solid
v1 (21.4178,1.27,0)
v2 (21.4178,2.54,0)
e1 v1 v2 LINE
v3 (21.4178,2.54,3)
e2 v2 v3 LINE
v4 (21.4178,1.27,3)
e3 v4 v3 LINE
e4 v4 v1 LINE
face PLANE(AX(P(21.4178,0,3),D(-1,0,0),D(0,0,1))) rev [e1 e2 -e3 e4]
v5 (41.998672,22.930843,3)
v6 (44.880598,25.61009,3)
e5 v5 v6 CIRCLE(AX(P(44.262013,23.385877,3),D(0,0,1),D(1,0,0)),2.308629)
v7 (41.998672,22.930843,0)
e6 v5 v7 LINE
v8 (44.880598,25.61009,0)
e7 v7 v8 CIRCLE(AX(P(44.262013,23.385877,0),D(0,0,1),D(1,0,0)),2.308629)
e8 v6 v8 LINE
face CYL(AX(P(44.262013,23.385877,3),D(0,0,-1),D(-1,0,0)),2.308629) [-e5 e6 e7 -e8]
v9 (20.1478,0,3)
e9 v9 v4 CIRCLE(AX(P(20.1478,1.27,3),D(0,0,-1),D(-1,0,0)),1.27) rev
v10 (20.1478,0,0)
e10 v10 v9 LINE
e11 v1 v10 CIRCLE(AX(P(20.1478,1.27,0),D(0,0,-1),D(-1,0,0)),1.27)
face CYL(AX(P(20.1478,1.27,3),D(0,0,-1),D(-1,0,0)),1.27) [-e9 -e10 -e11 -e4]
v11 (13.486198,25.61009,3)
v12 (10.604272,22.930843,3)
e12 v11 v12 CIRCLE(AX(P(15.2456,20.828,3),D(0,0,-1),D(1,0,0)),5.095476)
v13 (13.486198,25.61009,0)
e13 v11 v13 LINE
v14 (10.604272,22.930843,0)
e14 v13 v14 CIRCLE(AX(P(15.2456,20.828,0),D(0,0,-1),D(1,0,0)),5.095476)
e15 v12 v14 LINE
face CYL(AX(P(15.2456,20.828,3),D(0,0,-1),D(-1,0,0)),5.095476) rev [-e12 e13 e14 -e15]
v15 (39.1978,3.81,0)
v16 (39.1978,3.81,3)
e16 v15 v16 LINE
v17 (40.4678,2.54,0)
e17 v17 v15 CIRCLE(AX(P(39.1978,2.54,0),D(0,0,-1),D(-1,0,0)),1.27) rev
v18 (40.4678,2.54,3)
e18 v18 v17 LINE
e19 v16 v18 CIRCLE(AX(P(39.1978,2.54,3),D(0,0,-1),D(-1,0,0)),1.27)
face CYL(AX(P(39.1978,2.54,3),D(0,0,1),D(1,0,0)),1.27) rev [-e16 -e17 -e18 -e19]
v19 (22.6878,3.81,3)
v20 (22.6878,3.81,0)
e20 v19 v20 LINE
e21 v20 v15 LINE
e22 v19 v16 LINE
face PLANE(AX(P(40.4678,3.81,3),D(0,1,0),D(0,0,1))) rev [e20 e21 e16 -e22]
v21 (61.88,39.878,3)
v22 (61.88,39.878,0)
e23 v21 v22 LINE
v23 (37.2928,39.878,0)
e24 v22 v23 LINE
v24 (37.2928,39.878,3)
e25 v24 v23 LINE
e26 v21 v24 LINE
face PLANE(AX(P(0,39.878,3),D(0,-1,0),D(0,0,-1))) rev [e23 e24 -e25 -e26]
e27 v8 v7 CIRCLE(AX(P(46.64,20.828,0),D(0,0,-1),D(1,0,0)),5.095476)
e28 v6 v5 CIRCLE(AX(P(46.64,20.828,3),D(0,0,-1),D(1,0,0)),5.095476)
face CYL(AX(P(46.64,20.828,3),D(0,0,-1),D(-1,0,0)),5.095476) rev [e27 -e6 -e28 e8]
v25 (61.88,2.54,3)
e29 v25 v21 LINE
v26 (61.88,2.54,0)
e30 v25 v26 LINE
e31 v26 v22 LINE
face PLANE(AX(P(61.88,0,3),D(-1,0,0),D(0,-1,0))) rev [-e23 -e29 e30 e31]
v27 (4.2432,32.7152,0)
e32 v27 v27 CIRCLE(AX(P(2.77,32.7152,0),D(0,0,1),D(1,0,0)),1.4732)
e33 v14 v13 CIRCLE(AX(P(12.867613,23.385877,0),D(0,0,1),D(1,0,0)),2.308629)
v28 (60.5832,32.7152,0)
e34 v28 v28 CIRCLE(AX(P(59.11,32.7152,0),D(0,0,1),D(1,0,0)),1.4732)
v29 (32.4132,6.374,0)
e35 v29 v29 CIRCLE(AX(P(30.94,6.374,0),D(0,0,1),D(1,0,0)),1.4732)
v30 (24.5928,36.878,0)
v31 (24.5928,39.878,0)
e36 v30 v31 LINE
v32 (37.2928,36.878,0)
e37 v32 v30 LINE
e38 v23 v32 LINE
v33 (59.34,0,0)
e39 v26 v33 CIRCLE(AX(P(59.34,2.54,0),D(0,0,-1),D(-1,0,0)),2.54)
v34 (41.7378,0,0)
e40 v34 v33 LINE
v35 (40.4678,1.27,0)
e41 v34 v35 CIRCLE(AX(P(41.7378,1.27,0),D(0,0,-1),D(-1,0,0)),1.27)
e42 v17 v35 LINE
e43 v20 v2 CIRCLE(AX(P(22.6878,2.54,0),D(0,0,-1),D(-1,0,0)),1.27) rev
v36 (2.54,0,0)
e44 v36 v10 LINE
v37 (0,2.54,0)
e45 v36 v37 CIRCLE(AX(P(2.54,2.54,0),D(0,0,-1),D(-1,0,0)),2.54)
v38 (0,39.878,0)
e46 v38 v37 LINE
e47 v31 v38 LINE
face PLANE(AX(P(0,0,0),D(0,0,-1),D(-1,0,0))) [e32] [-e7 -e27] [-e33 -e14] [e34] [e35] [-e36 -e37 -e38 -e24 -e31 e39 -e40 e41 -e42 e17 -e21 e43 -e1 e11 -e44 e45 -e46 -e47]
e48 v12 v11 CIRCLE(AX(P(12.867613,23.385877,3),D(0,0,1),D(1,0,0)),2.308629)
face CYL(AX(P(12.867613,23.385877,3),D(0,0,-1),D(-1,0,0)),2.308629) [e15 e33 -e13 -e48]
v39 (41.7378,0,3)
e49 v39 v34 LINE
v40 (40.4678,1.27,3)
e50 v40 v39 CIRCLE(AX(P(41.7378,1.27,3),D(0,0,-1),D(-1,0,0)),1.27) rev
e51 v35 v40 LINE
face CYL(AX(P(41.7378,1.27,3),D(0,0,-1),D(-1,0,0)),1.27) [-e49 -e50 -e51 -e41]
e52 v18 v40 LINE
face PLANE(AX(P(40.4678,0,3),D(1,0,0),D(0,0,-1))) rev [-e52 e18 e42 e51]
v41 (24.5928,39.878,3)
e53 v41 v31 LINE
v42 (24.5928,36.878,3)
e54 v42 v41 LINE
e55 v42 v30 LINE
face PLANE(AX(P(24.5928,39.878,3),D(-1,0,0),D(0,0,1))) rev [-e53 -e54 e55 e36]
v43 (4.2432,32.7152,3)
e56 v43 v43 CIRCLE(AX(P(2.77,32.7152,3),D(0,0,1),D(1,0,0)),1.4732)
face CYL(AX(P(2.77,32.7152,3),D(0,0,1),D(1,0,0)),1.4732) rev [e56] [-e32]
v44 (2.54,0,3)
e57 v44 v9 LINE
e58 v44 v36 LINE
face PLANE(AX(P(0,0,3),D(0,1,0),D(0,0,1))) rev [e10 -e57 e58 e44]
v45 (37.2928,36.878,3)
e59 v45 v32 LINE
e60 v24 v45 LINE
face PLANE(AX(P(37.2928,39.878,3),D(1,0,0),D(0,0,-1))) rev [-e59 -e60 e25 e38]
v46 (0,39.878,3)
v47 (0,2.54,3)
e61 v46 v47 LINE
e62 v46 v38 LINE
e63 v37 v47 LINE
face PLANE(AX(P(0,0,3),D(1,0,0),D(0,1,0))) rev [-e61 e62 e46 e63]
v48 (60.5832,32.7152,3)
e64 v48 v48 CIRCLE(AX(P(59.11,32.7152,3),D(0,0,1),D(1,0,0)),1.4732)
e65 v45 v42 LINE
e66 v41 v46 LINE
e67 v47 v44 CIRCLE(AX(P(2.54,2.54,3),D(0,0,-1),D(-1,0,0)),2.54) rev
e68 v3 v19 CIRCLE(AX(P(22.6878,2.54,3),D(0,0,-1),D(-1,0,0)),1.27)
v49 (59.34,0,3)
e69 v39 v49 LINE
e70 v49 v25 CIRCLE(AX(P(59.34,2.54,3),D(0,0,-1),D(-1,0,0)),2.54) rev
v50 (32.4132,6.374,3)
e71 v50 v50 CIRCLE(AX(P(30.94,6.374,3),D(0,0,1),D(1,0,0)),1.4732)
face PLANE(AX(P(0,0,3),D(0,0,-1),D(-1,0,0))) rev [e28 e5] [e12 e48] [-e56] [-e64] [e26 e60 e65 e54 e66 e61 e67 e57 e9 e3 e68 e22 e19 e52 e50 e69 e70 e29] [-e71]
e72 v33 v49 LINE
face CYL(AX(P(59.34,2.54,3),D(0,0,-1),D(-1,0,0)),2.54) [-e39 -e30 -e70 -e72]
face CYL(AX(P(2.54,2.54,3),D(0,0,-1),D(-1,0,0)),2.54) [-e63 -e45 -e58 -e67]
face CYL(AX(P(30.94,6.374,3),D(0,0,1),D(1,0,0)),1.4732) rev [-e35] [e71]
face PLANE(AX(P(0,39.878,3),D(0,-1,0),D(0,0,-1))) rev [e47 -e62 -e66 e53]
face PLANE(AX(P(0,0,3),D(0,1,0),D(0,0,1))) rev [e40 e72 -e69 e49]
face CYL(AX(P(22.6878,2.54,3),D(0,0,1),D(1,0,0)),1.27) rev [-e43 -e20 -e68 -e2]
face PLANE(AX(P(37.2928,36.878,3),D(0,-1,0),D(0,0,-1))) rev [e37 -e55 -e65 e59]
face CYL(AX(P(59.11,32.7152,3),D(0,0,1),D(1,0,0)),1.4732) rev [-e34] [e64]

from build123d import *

# Parameters (mm, degrees)
SKETCH1_W                   = 61.88
SKETCH1_H                   = 39.878
BOSS_EXTRUDE1_DEPTH         = 3
F_32_0_116_DIAMETER_HOLE1_D = 2.9464
FILLET1_R                   = 2.54
SKETCH6_W                   = 12.7
SKETCH6_H                   = 3
CUT_EXTRUDE1_DEPTH          = 3
SKETCH7_W                   = 19.05
SKETCH7_H                   = 3.81
CUT_EXTRUDE2_DEPTH          = 74.67760368
FILLET2_R                   = 1.27
CUT_EXTRUDE4_DEPTH          = 3


with BuildPart() as part:
    # Sketch1 → Boss-Extrude1 (new body)
    with BuildSketch(Plane.XY):
        with Locations((30.94, 19.939)):
            Rectangle(SKETCH1_W, SKETCH1_H)
    extrude(amount=BOSS_EXTRUDE1_DEPTH)

    # #32 (0.116) Diameter Hole1 (through all)
    with Locations(Plane.XY.offset(3)):
        with Locations((30.94, 6.373999952), (59.11, 32.7152), (2.77, 32.7152)):
            Hole(F_32_0_116_DIAMETER_HOLE1_D / 2)

    # Fillet1
    fillet1_edges = [part.edges().sort_by_distance(p)[0] for p in [
        (61.88, 0, 1.5),
        (0, 0, 1.5),
    ]]
    fillet(fillet1_edges, radius=FILLET1_R)

    # Sketch6 → Cut-Extrude1 (cut)
    with BuildSketch(Plane(origin=(0, 0, 0), x_dir=(-1, 0, 0), z_dir=(0, 0, -1))):
        with Locations((-30.9428, 38.378)):
            Rectangle(SKETCH6_W, SKETCH6_H)
    extrude(amount=-CUT_EXTRUDE1_DEPTH, mode=Mode.SUBTRACT)

    # Sketch7 → Cut-Extrude2 (cut, through all)
    with BuildSketch(Plane(origin=(0, 0, 0), x_dir=(-1, 0, 0), z_dir=(0, 0, -1))):
        with Locations((-30.9428, 1.905)):
            Rectangle(SKETCH7_W, SKETCH7_H)
    extrude(amount=-CUT_EXTRUDE2_DEPTH, mode=Mode.SUBTRACT)

    # Fillet2
    fillet2_edges = [part.edges().sort_by_distance(p)[0] for p in [
        (40.4678, 0, 1.5),
        (40.4678, 3.81, 1.5),
        (21.4178, 3.81, 1.5),
        (21.4178, 0, 1.5),
    ]]
    fillet(fillet2_edges, radius=FILLET2_R)

    # Sketch10 → Cut-Extrude4 (cut)
    with BuildSketch(Plane(origin=(0, 0, 0), x_dir=(-1, 0, 0), z_dir=(0, 0, -1))):
        with BuildLine():
            ThreePointArc((-10.60427198, 22.930843482), (-18.715027328, 17.096117028), (-13.486198066, 25.610089641))
            ThreePointArc((-13.486198066, 25.610089641), (-14.439521527, 21.695056792), (-10.60427198, 22.930843482))
        make_face()
        with BuildLine():
            ThreePointArc((-41.99867198, 22.930843482), (-45.833921527, 21.695056792), (-44.880598066, 25.610089641))
            ThreePointArc((-44.880598066, 25.610089641), (-50.109427328, 17.096117028), (-41.99867198, 22.930843482))
        make_face()
    extrude(amount=-CUT_EXTRUDE4_DEPTH, mode=Mode.SUBTRACT)


solid = part.part
